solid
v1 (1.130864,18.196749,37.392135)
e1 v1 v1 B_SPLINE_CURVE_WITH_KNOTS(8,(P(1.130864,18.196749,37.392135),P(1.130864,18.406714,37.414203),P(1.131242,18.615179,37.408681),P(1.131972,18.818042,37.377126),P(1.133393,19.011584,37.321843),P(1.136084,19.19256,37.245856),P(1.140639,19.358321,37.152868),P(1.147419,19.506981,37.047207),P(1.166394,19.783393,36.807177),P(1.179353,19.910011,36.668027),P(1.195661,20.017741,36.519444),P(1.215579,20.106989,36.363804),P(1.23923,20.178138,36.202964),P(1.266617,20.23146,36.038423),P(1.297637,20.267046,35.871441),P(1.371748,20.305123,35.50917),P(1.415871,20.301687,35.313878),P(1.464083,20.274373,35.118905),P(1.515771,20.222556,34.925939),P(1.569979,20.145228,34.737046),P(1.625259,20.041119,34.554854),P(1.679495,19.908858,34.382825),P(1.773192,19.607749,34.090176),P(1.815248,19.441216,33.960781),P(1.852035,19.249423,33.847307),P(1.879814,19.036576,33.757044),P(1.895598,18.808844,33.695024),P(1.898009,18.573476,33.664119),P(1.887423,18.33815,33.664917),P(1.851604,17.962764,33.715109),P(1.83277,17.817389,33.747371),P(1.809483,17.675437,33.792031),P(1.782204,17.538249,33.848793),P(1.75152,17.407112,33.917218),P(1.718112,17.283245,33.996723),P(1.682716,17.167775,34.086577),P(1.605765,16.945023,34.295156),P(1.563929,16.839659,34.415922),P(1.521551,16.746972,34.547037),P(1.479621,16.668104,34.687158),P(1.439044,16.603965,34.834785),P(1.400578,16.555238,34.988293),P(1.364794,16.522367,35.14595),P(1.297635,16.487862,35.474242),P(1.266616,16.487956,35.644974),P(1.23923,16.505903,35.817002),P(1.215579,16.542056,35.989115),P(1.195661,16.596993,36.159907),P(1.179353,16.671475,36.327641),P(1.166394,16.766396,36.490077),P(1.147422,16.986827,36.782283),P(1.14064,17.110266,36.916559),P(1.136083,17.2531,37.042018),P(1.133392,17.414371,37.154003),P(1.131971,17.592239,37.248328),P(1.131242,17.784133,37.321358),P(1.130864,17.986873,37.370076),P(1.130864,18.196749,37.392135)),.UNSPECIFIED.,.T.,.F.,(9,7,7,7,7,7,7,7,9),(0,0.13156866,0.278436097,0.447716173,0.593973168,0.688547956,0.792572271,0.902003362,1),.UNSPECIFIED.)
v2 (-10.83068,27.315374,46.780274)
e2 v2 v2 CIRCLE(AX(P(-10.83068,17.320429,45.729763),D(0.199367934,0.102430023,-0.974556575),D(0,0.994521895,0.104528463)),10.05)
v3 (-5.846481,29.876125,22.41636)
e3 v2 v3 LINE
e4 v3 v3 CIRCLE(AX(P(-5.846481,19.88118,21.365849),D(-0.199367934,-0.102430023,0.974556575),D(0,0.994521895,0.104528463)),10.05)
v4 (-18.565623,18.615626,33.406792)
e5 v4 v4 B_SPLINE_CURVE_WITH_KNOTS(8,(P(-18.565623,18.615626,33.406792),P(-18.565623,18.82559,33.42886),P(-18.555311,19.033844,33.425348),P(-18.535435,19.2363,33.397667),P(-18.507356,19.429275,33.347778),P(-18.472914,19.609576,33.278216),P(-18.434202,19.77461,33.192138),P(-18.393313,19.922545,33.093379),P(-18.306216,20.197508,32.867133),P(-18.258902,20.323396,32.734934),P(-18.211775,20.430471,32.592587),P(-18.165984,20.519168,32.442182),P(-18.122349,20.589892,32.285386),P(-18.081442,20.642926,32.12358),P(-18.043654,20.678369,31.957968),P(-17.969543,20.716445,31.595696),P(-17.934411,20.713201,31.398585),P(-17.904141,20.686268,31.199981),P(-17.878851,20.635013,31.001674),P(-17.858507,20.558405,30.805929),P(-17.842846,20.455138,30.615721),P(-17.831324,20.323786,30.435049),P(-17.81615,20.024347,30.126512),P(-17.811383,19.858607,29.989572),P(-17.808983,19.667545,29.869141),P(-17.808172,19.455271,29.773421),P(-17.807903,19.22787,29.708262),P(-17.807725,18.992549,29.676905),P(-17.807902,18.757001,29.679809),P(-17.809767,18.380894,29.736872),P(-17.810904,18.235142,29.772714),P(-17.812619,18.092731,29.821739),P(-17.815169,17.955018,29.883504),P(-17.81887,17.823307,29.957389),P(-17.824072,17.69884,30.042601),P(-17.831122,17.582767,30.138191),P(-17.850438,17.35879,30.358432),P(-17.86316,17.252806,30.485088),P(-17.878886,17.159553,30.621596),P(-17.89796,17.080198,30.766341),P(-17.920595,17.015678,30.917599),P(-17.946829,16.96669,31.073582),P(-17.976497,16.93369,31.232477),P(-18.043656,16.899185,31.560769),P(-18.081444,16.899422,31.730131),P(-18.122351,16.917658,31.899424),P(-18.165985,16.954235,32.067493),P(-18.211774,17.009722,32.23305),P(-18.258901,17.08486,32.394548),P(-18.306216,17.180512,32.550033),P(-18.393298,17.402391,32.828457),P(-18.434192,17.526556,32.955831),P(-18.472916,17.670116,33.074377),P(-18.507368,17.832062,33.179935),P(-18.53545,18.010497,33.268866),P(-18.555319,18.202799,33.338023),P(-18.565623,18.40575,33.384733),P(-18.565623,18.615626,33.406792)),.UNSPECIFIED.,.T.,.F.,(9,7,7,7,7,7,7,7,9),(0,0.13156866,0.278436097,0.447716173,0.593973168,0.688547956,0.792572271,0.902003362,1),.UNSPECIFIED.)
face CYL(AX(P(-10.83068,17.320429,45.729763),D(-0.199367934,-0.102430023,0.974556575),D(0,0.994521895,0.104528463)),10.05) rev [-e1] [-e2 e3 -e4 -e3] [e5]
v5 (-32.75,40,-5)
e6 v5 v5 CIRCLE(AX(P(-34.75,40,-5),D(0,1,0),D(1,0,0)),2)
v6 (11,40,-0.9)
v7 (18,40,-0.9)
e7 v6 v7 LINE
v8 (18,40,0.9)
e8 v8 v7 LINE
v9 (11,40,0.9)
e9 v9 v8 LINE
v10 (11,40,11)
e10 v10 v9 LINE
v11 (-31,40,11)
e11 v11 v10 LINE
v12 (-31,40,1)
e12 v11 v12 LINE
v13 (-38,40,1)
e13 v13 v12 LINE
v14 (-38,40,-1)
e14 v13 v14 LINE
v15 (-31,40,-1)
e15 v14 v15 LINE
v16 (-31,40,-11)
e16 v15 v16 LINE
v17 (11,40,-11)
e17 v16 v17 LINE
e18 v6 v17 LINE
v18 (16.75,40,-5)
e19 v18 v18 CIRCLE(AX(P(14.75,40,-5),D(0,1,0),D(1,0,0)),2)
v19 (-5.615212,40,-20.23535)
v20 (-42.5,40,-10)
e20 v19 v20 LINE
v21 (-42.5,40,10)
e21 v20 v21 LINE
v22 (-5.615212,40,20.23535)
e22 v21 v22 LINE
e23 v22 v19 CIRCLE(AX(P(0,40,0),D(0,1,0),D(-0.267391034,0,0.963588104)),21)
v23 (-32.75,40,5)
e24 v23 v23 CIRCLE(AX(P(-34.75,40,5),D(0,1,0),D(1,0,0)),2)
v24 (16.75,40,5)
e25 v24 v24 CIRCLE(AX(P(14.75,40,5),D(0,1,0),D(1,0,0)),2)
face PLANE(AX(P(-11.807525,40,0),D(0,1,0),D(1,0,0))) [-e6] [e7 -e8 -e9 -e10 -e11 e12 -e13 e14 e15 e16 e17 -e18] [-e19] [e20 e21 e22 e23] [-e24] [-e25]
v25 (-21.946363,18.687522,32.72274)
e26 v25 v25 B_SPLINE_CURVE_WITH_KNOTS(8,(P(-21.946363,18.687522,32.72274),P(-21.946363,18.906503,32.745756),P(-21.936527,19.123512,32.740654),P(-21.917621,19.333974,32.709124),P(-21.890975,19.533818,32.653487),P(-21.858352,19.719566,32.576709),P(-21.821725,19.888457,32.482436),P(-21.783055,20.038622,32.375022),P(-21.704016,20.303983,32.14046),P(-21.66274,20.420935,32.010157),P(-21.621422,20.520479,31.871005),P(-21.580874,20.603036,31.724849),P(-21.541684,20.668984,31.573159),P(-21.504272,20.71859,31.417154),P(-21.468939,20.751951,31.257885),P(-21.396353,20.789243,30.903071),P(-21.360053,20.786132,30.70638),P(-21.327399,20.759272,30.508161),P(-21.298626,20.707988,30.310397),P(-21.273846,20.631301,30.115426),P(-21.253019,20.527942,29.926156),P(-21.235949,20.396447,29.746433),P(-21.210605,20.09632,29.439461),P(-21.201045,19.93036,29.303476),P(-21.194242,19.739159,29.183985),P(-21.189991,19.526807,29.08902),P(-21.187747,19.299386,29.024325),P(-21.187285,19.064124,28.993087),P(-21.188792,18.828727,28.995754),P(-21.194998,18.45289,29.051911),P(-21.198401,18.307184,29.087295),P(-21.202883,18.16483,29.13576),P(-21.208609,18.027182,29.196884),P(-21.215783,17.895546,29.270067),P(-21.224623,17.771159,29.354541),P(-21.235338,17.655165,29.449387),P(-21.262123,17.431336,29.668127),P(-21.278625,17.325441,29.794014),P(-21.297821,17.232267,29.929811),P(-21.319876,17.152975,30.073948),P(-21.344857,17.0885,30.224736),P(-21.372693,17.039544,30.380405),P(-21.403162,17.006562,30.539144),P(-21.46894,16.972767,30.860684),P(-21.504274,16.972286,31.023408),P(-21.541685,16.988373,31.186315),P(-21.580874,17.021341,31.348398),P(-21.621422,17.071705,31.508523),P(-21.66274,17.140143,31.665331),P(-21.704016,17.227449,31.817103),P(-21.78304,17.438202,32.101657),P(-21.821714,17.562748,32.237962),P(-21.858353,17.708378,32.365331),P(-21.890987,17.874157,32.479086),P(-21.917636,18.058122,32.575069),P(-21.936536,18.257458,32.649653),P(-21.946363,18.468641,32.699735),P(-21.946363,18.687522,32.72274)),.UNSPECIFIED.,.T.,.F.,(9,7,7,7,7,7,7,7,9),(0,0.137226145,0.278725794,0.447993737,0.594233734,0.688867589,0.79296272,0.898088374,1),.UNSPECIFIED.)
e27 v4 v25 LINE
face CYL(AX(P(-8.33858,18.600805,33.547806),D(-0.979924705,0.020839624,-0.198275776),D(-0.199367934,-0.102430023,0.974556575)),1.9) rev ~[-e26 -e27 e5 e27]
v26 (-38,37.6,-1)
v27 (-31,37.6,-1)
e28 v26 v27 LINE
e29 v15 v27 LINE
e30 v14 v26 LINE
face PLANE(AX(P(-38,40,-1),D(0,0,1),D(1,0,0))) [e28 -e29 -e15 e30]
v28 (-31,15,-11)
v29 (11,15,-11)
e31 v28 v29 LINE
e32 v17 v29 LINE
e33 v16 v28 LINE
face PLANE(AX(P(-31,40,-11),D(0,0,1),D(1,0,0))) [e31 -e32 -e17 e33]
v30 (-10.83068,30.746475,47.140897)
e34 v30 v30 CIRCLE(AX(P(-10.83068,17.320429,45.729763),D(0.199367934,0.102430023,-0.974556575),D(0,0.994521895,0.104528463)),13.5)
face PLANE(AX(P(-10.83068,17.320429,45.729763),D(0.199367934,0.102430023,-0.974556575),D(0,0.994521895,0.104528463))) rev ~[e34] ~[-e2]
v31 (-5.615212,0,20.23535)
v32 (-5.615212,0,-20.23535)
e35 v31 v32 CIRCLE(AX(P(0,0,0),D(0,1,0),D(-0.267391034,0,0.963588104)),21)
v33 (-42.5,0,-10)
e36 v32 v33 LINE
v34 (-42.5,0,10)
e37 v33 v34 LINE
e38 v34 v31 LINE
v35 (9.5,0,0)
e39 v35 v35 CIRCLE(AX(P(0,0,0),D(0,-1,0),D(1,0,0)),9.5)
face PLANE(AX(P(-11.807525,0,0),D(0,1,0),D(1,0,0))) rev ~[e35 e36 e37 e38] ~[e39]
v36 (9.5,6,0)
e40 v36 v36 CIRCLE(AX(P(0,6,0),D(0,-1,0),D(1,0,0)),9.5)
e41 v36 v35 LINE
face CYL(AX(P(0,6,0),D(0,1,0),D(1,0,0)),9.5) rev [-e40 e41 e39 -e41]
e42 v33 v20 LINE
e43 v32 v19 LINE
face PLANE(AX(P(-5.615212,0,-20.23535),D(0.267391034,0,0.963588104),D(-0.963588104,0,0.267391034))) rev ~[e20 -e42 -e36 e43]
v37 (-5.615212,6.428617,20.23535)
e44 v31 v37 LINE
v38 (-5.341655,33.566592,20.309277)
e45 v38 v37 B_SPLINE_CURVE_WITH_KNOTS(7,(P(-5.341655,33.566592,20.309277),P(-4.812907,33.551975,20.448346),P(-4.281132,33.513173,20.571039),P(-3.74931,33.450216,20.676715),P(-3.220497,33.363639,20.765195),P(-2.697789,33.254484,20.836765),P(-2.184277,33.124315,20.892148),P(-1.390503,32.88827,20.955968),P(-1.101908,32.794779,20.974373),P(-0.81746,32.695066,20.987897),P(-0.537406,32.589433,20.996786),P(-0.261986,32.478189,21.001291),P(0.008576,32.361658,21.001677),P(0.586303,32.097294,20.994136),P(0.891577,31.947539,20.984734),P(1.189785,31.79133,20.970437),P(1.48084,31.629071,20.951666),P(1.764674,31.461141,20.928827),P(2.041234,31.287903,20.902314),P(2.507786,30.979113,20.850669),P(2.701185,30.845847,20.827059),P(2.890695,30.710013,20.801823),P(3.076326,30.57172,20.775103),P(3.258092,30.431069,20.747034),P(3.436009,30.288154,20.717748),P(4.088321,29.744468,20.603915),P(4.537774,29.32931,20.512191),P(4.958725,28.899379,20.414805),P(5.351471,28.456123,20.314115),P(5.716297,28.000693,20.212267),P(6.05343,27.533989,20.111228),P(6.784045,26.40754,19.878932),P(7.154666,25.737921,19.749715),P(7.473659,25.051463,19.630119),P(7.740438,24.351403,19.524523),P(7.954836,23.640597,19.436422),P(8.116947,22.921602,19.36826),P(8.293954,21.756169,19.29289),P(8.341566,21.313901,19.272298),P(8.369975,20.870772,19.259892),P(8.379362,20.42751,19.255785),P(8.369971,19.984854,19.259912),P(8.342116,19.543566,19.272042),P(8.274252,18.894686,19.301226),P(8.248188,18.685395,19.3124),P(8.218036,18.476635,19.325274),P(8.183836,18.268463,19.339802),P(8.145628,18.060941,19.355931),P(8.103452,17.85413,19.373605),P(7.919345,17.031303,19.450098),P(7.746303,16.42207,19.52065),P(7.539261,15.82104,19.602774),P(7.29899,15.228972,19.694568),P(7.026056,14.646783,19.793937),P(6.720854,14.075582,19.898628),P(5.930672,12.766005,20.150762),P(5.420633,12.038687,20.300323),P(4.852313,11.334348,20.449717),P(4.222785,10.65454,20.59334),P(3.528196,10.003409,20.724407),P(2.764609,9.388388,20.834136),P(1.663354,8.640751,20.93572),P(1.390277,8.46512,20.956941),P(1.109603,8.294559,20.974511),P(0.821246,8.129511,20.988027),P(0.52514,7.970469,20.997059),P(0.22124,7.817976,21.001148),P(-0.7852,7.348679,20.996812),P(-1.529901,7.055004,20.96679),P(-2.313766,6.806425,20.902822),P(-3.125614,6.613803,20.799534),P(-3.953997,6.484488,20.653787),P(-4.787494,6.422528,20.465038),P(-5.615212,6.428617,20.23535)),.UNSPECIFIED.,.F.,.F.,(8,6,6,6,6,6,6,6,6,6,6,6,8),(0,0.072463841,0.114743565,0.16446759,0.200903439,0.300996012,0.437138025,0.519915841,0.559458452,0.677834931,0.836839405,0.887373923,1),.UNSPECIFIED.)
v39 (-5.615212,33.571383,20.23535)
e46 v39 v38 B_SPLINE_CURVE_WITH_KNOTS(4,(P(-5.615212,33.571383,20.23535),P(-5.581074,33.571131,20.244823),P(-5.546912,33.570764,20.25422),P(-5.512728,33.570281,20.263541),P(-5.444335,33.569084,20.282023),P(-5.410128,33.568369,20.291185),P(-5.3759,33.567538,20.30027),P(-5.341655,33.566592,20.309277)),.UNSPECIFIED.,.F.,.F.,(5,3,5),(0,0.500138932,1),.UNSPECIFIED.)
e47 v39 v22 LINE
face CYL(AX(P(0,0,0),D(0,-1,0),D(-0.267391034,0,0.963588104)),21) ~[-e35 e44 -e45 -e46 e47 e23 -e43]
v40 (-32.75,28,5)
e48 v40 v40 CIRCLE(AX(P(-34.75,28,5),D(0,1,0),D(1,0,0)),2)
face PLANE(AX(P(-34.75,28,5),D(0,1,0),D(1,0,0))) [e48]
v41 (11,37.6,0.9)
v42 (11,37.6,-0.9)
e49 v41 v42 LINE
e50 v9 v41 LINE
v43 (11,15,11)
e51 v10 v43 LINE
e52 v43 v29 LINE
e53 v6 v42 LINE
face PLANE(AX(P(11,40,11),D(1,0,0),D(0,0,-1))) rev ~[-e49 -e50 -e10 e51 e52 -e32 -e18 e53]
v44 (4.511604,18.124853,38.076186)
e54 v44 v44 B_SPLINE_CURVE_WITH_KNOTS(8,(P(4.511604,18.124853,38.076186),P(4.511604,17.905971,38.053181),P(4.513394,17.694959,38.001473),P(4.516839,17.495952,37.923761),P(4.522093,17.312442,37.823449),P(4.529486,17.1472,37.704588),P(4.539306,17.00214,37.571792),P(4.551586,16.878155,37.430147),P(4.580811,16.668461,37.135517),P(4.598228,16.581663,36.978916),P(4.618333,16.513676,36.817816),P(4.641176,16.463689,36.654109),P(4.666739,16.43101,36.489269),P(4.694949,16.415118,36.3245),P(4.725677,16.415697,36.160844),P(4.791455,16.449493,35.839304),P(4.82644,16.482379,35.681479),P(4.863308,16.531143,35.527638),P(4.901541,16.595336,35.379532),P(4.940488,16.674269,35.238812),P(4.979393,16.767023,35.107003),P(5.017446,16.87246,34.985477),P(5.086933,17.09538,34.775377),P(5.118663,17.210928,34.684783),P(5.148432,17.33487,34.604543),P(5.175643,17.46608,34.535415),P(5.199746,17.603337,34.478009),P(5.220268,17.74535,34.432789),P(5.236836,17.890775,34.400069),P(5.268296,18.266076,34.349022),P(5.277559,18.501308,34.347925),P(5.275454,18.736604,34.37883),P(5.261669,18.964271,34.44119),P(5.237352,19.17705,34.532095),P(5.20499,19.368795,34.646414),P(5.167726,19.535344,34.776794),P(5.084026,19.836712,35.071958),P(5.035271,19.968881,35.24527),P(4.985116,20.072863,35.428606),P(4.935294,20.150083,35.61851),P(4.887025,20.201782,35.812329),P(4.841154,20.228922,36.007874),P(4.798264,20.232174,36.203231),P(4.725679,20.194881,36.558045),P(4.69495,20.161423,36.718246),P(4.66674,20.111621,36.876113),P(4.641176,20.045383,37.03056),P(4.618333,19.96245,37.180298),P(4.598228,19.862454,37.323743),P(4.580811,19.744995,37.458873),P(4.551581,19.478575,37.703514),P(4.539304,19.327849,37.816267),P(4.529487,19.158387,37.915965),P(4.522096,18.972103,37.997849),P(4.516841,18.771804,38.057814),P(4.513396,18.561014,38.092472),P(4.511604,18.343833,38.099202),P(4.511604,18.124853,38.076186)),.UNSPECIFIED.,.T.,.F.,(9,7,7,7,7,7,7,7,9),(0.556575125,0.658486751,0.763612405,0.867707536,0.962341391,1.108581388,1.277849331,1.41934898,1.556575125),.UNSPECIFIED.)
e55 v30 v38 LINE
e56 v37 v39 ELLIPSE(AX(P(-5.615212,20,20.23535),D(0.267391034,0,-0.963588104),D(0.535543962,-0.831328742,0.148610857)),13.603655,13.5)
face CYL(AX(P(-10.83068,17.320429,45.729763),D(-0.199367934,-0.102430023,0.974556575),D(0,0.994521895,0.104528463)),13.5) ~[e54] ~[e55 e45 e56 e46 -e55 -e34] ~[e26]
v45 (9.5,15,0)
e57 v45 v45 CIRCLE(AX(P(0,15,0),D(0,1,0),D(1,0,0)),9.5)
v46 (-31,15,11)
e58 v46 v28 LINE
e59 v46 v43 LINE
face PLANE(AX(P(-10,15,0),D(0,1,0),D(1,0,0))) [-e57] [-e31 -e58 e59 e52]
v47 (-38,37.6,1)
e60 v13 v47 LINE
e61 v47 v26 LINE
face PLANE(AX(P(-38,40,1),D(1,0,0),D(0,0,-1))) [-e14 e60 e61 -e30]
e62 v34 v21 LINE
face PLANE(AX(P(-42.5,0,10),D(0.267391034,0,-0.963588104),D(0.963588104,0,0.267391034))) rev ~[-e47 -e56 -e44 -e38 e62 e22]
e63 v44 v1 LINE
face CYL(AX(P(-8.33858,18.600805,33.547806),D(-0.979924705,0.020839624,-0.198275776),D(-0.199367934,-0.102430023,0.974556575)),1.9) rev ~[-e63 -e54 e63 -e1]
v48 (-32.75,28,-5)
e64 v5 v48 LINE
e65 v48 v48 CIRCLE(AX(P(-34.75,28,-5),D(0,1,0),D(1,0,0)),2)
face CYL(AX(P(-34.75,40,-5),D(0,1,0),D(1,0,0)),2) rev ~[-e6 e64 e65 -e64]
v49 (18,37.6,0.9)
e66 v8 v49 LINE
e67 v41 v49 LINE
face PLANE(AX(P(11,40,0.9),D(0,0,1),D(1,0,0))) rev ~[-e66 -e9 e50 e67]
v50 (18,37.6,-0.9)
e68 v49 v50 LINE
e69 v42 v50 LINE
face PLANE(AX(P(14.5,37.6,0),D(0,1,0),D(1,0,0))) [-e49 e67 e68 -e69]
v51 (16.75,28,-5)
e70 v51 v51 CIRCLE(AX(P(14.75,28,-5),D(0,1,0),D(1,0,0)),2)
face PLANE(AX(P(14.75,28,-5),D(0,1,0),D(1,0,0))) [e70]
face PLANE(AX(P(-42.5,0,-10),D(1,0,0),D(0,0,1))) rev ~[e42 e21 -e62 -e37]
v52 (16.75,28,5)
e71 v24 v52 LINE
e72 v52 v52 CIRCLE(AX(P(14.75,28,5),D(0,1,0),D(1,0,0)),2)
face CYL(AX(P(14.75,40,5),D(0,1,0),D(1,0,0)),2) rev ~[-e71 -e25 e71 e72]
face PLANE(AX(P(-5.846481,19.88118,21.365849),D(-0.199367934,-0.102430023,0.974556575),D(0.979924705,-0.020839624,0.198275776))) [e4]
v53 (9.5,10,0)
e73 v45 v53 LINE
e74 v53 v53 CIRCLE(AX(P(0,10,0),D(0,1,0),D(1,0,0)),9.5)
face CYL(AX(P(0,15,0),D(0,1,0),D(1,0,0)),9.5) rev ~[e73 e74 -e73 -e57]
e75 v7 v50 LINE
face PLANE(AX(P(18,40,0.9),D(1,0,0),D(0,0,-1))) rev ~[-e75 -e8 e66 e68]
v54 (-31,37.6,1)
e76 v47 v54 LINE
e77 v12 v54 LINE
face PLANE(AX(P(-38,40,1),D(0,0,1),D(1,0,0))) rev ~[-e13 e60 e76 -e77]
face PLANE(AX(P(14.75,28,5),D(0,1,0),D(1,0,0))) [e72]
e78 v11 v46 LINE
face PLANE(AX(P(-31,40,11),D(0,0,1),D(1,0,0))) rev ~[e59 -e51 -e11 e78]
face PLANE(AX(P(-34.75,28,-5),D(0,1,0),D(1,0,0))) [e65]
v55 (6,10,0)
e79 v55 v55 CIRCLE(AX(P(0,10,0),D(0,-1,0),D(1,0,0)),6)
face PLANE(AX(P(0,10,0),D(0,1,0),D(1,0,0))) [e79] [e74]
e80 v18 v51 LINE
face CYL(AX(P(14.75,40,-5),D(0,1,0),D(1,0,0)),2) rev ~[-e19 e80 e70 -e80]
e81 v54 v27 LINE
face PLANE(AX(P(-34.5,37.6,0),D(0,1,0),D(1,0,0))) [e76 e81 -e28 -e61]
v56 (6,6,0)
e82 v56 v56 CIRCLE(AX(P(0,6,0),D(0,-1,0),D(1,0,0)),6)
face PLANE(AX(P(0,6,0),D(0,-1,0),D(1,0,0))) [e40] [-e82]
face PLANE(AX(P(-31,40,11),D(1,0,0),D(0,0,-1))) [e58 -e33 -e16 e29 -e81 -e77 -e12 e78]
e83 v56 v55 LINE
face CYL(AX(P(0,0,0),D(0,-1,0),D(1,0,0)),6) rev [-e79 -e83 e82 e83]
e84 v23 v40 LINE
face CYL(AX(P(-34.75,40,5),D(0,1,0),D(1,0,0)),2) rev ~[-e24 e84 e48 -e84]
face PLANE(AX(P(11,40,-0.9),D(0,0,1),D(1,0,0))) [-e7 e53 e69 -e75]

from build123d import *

# Parameters (mm, degrees)
SKETCH1_R           = 6
BOSS_EXTRUDE1_DEPTH = 40
SKETCH2_W           = 42
SKETCH2_H           = 22
CUT_EXTRUDE1_DEPTH  = 25
SKETCH3_R           = 2
CUT_EXTRUDE2_DEPTH  = 12
SKETCH4_R           = 9.5
CUT_EXTRUDE3_DEPTH  = 5
CUT_EXTRUDE4_START  = -6
SKETCH5_R           = 9.5
CUT_EXTRUDE4_DEPTH  = 6
SKETCH7_W           = 7
SKETCH7_H           = 2
SKETCH7_H_2         = 1.8
CUT_EXTRUDE5_DEPTH  = 2.4
BOSS_EXTRUDE2_REACH = 87.524
SKETCH9_R           = 13.5
SKETCH9_R_2         = 10.05
BOSS_EXTRUDE3_REACH = 71.909
SKETCH10_R          = 10.05
SKETCH11_R          = 1.9
CUT_EXTRUDE7_DEPTH  = 13.5


with BuildPart() as part:
    # Sketch1 → Boss-Extrude1 (new body)
    with BuildSketch(Plane(origin=(0, 0, 0), x_dir=(1, 0, 0), z_dir=(0, 1, 0))):
        with BuildLine():
            Line((-42.5, -10), (-5.61521172, -20.235350191))
            ThreePointArc((-5.61521172, -20.235350191), (21, 0), (-5.61521172, 20.235350191))
            Line((-5.61521172, 20.235350191), (-42.5, 10))
            Line((-42.5, 10), (-42.5, -10))
        make_face()
        Circle(SKETCH1_R, mode=Mode.SUBTRACT)
    extrude(amount=BOSS_EXTRUDE1_DEPTH)

    # Sketch2 → Cut-Extrude1 (cut)
    with BuildSketch(Plane(origin=(0, 40, 0), x_dir=(1, 0, 0), z_dir=(0, 1, 0))):
        with Locations((-10, 0)):
            Rectangle(SKETCH2_W, SKETCH2_H)
    extrude(amount=-CUT_EXTRUDE1_DEPTH, mode=Mode.SUBTRACT)

    # Sketch3 → Cut-Extrude2 (cut)
    with BuildSketch(Plane(origin=(0, 40, 0), x_dir=(1, 0, 0), z_dir=(0, 1, 0))):
        with Locations((14.75, 5)):
            Circle(SKETCH3_R)
        with Locations((14.75, -5)):
            Circle(SKETCH3_R)
        with Locations((-34.75, 5)):
            Circle(SKETCH3_R)
        with Locations((-34.75, -5)):
            Circle(SKETCH3_R)
    extrude(amount=-CUT_EXTRUDE2_DEPTH, mode=Mode.SUBTRACT)

    # Sketch4 → Cut-Extrude3 (cut)
    with BuildSketch(Plane(origin=(0, 15, 0), x_dir=(1, 0, 0), z_dir=(0, 1, 0))):
        Circle(SKETCH4_R)
    extrude(amount=-CUT_EXTRUDE3_DEPTH, mode=Mode.SUBTRACT)

    # Sketch5 → Cut-Extrude4 (cut)
    with BuildSketch(Plane.XZ.offset(CUT_EXTRUDE4_START)):
        Circle(SKETCH5_R)
    extrude(amount=CUT_EXTRUDE4_DEPTH, mode=Mode.SUBTRACT)

    # Sketch7 → Cut-Extrude5 (cut)
    with BuildSketch(Plane(origin=(0, 40, 0), x_dir=(1, 0, 0), z_dir=(0, 1, 0))):
        with Locations((-34.5, 0)):
            Rectangle(SKETCH7_W, SKETCH7_H)
        with Locations((14.5, 0)):
            Rectangle(SKETCH7_W, SKETCH7_H_2)
    extrude(amount=-CUT_EXTRUDE5_DEPTH, mode=Mode.SUBTRACT)

    # Sketch9 → Boss-Extrude2 (add, up to next)
    with BuildSketch(Plane(origin=(-8.961867673, -4.60437291, 43.807681948), x_dir=(0, 0.9945218953682737, 0.10452846326765038), z_dir=(0.1993679344171976, 0.10243002349202152, -0.9745565745577032)), mode=Mode.PRIVATE) as boss_extrude2_sk1:
        with Locations((22.005607966, -1.9070974)):
            Circle(SKETCH9_R)
        with Locations((22.005607966, -1.9070974)):
            Circle(SKETCH9_R_2, mode=Mode.SUBTRACT)
    boss_extrude2_tool1 = extrude(boss_extrude2_sk1.sketch, amount=BOSS_EXTRUDE2_REACH, mode=Mode.PRIVATE) - part.part
    add(boss_extrude2_tool1.solids().sort_by_distance((-10.83068, 4.27413, 44.358542))[0])

    # Sketch10 → Boss-Extrude3 (add, up to next)
    with BuildSketch(Plane(origin=(-3.977669313, -2.043622323, 19.443767584), x_dir=(0.9799247046208295, -0.020839623809475377, 0.19827577601224913), z_dir=(-0.19936793441719772, -0.10243002349202134, 0.9745565745577032)), mode=Mode.PRIVATE) as boss_extrude3_sk1:
        with Locations((-1.9070974, 22.005607966)):
            Circle(SKETCH10_R)
    boss_extrude3_tool1 = extrude(boss_extrude3_sk1.sketch, amount=-BOSS_EXTRUDE3_REACH, mode=Mode.PRIVATE) - part.part
    add(boss_extrude3_tool1.solids().sort_by_distance((-5.846481, 19.88118, 21.365849))[0])

    # Sketch11 → Cut-Extrude7 (cut, symmetric)
    with BuildSketch(Plane(origin=(-1.868811857, 0.039743192, -0.378131217), x_dir=(-0.19936793441719755, -0.10243002349202149, 0.9745565745577031), z_dir=(-0.9799247046208296, 0.02083962380947537, -0.19827577601224902))):
        with Locations((32.45139953, 22.005607966)):
            Circle(SKETCH11_R)
    extrude(amount=CUT_EXTRUDE7_DEPTH, both=True, mode=Mode.SUBTRACT)


solid = part.part
